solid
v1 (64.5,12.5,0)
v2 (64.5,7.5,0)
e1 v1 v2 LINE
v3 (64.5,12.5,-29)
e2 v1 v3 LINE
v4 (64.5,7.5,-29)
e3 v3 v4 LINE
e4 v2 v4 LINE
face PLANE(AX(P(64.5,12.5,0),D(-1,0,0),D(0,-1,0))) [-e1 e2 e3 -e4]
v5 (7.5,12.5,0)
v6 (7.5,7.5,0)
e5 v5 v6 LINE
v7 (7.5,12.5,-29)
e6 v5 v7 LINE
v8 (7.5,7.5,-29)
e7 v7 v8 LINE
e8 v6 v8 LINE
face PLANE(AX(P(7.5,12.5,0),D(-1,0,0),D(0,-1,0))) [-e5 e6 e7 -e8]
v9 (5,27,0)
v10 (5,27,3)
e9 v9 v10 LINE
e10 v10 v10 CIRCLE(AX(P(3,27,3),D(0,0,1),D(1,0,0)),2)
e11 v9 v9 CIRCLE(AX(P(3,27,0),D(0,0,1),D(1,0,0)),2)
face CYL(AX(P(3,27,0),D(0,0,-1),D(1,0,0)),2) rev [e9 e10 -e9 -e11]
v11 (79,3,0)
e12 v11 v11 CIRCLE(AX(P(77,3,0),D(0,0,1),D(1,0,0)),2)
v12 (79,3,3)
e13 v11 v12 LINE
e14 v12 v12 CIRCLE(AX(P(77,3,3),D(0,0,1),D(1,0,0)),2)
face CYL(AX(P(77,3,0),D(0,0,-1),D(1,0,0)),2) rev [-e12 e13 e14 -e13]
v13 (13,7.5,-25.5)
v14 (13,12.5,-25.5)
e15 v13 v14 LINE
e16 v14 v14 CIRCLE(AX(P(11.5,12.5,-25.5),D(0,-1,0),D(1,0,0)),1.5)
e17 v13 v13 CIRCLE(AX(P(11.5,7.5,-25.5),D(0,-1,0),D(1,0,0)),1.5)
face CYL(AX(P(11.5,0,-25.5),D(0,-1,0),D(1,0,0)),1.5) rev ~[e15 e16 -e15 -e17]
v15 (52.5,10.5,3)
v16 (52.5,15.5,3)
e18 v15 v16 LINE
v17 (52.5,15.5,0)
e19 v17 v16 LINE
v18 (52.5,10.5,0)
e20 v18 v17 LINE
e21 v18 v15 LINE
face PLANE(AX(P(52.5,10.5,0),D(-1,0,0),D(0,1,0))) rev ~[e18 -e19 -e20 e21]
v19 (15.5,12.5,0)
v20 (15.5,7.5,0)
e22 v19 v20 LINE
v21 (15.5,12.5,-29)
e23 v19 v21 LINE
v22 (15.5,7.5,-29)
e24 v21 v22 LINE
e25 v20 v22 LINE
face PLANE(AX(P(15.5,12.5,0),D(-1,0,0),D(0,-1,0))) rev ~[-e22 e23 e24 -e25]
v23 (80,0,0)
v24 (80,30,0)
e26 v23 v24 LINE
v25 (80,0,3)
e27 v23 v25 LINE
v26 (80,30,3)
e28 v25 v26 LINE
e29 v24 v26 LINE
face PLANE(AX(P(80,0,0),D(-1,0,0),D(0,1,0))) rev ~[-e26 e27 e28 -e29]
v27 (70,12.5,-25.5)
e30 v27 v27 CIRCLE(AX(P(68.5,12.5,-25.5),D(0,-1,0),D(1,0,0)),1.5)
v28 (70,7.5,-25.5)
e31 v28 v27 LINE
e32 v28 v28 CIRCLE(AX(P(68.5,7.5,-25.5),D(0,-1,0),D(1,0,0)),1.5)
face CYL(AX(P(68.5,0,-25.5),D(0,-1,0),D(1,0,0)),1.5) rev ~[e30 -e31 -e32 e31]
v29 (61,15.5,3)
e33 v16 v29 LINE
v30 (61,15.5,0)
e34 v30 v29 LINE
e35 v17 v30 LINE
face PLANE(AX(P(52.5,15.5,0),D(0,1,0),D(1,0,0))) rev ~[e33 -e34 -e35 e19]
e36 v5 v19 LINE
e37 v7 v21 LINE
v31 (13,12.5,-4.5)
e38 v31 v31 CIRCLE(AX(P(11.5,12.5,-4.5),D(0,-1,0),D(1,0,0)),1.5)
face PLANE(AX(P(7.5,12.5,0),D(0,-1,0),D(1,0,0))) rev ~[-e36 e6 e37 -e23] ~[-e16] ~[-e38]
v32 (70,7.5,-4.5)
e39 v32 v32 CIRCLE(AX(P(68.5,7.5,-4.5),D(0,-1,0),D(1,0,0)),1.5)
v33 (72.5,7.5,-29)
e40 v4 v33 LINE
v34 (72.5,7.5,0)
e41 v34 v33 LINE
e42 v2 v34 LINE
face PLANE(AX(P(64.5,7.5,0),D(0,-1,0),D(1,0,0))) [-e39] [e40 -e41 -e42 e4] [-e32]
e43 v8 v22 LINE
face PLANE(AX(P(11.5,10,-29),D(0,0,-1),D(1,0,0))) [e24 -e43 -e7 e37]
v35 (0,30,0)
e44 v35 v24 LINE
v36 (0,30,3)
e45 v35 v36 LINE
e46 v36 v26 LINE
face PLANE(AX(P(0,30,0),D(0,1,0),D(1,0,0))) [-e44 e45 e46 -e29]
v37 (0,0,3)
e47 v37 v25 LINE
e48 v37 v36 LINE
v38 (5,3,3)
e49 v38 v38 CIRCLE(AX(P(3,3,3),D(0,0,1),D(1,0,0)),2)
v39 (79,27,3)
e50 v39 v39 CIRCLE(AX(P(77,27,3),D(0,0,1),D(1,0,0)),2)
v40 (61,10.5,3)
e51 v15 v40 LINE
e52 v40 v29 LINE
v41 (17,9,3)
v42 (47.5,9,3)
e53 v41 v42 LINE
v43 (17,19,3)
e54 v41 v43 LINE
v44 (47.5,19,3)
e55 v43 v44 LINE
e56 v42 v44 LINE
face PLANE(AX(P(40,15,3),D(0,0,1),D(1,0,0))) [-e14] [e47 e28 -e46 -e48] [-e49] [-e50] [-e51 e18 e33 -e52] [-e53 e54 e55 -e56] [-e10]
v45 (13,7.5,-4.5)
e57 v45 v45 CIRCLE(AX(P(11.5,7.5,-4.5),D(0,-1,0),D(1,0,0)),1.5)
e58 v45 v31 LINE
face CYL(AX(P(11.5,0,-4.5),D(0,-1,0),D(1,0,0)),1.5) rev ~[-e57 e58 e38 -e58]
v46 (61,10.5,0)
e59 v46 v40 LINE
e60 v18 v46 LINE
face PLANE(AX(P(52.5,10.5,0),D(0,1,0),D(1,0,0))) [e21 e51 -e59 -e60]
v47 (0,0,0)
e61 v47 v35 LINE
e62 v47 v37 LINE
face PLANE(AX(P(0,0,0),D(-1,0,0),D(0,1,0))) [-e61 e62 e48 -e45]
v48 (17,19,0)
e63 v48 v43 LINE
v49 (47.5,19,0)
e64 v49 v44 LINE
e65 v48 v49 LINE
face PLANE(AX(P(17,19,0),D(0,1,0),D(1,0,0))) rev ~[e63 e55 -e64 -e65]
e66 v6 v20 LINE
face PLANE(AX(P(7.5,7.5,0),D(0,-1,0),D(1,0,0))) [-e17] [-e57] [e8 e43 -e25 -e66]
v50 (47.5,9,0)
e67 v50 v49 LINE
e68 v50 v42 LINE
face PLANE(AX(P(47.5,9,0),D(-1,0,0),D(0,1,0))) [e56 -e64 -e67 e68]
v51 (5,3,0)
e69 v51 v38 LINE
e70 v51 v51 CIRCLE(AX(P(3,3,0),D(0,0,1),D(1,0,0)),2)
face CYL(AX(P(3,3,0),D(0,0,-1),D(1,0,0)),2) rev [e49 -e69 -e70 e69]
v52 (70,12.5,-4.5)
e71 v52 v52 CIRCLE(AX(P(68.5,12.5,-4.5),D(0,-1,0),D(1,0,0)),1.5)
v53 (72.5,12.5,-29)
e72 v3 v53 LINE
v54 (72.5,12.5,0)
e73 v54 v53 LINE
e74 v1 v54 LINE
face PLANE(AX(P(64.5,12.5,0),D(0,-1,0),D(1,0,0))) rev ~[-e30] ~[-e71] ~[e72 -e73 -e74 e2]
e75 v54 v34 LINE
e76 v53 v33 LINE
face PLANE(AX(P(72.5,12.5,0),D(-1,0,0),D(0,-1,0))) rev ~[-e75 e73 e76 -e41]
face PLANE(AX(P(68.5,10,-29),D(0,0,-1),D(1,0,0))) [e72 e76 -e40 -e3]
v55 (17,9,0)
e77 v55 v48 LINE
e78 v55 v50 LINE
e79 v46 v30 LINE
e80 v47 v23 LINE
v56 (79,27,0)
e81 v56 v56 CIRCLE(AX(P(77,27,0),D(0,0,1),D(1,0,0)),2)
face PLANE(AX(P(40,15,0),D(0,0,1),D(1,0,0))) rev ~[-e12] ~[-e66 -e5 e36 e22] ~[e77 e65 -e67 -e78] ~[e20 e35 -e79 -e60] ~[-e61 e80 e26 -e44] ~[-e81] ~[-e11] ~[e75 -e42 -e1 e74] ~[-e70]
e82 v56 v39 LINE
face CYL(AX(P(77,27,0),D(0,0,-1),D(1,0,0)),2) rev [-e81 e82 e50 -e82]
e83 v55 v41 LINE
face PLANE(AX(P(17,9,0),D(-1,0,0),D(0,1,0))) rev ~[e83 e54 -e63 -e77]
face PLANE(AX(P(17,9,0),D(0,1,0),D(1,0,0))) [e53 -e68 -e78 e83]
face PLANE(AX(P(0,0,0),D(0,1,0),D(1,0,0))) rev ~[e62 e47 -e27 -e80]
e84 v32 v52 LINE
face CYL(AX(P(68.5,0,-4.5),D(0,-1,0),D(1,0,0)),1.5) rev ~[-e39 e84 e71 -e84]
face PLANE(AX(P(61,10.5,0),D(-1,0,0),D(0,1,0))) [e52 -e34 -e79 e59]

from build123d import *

# Parameters (mm, degrees)
SKETCH_W     = 80
SKETCH_H     = 30
SKETCH_R     = 2
SKETCH_W_2   = 8.5
SKETCH_H_2   = 5
SKETCH_W_3   = 30.5
SKETCH_H_3   = 10
PAD_DEPTH    = 3
SKETCH002_W  = 8
SKETCH002_H  = 5
PAD001_DEPTH = 29
SKETCH003_R  = 1.5
POCKET_DEPTH = 30.001


with BuildPart() as part:
    # Sketch → Pad (new body)
    with BuildSketch(Plane.XY):
        with Locations((40, 15)):
            Rectangle(SKETCH_W, SKETCH_H)
        with Locations((3, 27)):
            Circle(SKETCH_R, mode=Mode.SUBTRACT)
        with Locations((77, 27)):
            Circle(SKETCH_R, mode=Mode.SUBTRACT)
        with Locations((77, 3)):
            Circle(SKETCH_R, mode=Mode.SUBTRACT)
        with Locations((3, 3)):
            Circle(SKETCH_R, mode=Mode.SUBTRACT)
        with Locations((56.75, 13)):
            Rectangle(SKETCH_W_2, SKETCH_H_2, mode=Mode.SUBTRACT)
        with Locations((32.25, 14)):
            Rectangle(SKETCH_W_3, SKETCH_H_3, mode=Mode.SUBTRACT)
    extrude(amount=PAD_DEPTH)

    # Sketch002 (on Sketch) → Pad001 (join)
    with BuildSketch(Plane(origin=(0, 0, 0), x_dir=(1, 0, 0), z_dir=(0, 0, -1))):
        with Locations((11.5, -10)):
            Rectangle(SKETCH002_W, SKETCH002_H)
        with Locations((68.5, -10)):
            Rectangle(SKETCH002_W, SKETCH002_H)
    extrude(amount=PAD001_DEPTH)

    # Sketch003 → Pocket (cut, through all)
    with BuildSketch(Plane.XZ):
        with Locations((11.5, -4.5)):
            Circle(SKETCH003_R)
        with Locations((68.5, -4.5)):
            Circle(SKETCH003_R)
        with Locations((11.5, -25.5)):
            Circle(SKETCH003_R)
        with Locations((68.5, -25.5)):
            Circle(SKETCH003_R)
    extrude(amount=-POCKET_DEPTH, mode=Mode.SUBTRACT)


solid = part.part
